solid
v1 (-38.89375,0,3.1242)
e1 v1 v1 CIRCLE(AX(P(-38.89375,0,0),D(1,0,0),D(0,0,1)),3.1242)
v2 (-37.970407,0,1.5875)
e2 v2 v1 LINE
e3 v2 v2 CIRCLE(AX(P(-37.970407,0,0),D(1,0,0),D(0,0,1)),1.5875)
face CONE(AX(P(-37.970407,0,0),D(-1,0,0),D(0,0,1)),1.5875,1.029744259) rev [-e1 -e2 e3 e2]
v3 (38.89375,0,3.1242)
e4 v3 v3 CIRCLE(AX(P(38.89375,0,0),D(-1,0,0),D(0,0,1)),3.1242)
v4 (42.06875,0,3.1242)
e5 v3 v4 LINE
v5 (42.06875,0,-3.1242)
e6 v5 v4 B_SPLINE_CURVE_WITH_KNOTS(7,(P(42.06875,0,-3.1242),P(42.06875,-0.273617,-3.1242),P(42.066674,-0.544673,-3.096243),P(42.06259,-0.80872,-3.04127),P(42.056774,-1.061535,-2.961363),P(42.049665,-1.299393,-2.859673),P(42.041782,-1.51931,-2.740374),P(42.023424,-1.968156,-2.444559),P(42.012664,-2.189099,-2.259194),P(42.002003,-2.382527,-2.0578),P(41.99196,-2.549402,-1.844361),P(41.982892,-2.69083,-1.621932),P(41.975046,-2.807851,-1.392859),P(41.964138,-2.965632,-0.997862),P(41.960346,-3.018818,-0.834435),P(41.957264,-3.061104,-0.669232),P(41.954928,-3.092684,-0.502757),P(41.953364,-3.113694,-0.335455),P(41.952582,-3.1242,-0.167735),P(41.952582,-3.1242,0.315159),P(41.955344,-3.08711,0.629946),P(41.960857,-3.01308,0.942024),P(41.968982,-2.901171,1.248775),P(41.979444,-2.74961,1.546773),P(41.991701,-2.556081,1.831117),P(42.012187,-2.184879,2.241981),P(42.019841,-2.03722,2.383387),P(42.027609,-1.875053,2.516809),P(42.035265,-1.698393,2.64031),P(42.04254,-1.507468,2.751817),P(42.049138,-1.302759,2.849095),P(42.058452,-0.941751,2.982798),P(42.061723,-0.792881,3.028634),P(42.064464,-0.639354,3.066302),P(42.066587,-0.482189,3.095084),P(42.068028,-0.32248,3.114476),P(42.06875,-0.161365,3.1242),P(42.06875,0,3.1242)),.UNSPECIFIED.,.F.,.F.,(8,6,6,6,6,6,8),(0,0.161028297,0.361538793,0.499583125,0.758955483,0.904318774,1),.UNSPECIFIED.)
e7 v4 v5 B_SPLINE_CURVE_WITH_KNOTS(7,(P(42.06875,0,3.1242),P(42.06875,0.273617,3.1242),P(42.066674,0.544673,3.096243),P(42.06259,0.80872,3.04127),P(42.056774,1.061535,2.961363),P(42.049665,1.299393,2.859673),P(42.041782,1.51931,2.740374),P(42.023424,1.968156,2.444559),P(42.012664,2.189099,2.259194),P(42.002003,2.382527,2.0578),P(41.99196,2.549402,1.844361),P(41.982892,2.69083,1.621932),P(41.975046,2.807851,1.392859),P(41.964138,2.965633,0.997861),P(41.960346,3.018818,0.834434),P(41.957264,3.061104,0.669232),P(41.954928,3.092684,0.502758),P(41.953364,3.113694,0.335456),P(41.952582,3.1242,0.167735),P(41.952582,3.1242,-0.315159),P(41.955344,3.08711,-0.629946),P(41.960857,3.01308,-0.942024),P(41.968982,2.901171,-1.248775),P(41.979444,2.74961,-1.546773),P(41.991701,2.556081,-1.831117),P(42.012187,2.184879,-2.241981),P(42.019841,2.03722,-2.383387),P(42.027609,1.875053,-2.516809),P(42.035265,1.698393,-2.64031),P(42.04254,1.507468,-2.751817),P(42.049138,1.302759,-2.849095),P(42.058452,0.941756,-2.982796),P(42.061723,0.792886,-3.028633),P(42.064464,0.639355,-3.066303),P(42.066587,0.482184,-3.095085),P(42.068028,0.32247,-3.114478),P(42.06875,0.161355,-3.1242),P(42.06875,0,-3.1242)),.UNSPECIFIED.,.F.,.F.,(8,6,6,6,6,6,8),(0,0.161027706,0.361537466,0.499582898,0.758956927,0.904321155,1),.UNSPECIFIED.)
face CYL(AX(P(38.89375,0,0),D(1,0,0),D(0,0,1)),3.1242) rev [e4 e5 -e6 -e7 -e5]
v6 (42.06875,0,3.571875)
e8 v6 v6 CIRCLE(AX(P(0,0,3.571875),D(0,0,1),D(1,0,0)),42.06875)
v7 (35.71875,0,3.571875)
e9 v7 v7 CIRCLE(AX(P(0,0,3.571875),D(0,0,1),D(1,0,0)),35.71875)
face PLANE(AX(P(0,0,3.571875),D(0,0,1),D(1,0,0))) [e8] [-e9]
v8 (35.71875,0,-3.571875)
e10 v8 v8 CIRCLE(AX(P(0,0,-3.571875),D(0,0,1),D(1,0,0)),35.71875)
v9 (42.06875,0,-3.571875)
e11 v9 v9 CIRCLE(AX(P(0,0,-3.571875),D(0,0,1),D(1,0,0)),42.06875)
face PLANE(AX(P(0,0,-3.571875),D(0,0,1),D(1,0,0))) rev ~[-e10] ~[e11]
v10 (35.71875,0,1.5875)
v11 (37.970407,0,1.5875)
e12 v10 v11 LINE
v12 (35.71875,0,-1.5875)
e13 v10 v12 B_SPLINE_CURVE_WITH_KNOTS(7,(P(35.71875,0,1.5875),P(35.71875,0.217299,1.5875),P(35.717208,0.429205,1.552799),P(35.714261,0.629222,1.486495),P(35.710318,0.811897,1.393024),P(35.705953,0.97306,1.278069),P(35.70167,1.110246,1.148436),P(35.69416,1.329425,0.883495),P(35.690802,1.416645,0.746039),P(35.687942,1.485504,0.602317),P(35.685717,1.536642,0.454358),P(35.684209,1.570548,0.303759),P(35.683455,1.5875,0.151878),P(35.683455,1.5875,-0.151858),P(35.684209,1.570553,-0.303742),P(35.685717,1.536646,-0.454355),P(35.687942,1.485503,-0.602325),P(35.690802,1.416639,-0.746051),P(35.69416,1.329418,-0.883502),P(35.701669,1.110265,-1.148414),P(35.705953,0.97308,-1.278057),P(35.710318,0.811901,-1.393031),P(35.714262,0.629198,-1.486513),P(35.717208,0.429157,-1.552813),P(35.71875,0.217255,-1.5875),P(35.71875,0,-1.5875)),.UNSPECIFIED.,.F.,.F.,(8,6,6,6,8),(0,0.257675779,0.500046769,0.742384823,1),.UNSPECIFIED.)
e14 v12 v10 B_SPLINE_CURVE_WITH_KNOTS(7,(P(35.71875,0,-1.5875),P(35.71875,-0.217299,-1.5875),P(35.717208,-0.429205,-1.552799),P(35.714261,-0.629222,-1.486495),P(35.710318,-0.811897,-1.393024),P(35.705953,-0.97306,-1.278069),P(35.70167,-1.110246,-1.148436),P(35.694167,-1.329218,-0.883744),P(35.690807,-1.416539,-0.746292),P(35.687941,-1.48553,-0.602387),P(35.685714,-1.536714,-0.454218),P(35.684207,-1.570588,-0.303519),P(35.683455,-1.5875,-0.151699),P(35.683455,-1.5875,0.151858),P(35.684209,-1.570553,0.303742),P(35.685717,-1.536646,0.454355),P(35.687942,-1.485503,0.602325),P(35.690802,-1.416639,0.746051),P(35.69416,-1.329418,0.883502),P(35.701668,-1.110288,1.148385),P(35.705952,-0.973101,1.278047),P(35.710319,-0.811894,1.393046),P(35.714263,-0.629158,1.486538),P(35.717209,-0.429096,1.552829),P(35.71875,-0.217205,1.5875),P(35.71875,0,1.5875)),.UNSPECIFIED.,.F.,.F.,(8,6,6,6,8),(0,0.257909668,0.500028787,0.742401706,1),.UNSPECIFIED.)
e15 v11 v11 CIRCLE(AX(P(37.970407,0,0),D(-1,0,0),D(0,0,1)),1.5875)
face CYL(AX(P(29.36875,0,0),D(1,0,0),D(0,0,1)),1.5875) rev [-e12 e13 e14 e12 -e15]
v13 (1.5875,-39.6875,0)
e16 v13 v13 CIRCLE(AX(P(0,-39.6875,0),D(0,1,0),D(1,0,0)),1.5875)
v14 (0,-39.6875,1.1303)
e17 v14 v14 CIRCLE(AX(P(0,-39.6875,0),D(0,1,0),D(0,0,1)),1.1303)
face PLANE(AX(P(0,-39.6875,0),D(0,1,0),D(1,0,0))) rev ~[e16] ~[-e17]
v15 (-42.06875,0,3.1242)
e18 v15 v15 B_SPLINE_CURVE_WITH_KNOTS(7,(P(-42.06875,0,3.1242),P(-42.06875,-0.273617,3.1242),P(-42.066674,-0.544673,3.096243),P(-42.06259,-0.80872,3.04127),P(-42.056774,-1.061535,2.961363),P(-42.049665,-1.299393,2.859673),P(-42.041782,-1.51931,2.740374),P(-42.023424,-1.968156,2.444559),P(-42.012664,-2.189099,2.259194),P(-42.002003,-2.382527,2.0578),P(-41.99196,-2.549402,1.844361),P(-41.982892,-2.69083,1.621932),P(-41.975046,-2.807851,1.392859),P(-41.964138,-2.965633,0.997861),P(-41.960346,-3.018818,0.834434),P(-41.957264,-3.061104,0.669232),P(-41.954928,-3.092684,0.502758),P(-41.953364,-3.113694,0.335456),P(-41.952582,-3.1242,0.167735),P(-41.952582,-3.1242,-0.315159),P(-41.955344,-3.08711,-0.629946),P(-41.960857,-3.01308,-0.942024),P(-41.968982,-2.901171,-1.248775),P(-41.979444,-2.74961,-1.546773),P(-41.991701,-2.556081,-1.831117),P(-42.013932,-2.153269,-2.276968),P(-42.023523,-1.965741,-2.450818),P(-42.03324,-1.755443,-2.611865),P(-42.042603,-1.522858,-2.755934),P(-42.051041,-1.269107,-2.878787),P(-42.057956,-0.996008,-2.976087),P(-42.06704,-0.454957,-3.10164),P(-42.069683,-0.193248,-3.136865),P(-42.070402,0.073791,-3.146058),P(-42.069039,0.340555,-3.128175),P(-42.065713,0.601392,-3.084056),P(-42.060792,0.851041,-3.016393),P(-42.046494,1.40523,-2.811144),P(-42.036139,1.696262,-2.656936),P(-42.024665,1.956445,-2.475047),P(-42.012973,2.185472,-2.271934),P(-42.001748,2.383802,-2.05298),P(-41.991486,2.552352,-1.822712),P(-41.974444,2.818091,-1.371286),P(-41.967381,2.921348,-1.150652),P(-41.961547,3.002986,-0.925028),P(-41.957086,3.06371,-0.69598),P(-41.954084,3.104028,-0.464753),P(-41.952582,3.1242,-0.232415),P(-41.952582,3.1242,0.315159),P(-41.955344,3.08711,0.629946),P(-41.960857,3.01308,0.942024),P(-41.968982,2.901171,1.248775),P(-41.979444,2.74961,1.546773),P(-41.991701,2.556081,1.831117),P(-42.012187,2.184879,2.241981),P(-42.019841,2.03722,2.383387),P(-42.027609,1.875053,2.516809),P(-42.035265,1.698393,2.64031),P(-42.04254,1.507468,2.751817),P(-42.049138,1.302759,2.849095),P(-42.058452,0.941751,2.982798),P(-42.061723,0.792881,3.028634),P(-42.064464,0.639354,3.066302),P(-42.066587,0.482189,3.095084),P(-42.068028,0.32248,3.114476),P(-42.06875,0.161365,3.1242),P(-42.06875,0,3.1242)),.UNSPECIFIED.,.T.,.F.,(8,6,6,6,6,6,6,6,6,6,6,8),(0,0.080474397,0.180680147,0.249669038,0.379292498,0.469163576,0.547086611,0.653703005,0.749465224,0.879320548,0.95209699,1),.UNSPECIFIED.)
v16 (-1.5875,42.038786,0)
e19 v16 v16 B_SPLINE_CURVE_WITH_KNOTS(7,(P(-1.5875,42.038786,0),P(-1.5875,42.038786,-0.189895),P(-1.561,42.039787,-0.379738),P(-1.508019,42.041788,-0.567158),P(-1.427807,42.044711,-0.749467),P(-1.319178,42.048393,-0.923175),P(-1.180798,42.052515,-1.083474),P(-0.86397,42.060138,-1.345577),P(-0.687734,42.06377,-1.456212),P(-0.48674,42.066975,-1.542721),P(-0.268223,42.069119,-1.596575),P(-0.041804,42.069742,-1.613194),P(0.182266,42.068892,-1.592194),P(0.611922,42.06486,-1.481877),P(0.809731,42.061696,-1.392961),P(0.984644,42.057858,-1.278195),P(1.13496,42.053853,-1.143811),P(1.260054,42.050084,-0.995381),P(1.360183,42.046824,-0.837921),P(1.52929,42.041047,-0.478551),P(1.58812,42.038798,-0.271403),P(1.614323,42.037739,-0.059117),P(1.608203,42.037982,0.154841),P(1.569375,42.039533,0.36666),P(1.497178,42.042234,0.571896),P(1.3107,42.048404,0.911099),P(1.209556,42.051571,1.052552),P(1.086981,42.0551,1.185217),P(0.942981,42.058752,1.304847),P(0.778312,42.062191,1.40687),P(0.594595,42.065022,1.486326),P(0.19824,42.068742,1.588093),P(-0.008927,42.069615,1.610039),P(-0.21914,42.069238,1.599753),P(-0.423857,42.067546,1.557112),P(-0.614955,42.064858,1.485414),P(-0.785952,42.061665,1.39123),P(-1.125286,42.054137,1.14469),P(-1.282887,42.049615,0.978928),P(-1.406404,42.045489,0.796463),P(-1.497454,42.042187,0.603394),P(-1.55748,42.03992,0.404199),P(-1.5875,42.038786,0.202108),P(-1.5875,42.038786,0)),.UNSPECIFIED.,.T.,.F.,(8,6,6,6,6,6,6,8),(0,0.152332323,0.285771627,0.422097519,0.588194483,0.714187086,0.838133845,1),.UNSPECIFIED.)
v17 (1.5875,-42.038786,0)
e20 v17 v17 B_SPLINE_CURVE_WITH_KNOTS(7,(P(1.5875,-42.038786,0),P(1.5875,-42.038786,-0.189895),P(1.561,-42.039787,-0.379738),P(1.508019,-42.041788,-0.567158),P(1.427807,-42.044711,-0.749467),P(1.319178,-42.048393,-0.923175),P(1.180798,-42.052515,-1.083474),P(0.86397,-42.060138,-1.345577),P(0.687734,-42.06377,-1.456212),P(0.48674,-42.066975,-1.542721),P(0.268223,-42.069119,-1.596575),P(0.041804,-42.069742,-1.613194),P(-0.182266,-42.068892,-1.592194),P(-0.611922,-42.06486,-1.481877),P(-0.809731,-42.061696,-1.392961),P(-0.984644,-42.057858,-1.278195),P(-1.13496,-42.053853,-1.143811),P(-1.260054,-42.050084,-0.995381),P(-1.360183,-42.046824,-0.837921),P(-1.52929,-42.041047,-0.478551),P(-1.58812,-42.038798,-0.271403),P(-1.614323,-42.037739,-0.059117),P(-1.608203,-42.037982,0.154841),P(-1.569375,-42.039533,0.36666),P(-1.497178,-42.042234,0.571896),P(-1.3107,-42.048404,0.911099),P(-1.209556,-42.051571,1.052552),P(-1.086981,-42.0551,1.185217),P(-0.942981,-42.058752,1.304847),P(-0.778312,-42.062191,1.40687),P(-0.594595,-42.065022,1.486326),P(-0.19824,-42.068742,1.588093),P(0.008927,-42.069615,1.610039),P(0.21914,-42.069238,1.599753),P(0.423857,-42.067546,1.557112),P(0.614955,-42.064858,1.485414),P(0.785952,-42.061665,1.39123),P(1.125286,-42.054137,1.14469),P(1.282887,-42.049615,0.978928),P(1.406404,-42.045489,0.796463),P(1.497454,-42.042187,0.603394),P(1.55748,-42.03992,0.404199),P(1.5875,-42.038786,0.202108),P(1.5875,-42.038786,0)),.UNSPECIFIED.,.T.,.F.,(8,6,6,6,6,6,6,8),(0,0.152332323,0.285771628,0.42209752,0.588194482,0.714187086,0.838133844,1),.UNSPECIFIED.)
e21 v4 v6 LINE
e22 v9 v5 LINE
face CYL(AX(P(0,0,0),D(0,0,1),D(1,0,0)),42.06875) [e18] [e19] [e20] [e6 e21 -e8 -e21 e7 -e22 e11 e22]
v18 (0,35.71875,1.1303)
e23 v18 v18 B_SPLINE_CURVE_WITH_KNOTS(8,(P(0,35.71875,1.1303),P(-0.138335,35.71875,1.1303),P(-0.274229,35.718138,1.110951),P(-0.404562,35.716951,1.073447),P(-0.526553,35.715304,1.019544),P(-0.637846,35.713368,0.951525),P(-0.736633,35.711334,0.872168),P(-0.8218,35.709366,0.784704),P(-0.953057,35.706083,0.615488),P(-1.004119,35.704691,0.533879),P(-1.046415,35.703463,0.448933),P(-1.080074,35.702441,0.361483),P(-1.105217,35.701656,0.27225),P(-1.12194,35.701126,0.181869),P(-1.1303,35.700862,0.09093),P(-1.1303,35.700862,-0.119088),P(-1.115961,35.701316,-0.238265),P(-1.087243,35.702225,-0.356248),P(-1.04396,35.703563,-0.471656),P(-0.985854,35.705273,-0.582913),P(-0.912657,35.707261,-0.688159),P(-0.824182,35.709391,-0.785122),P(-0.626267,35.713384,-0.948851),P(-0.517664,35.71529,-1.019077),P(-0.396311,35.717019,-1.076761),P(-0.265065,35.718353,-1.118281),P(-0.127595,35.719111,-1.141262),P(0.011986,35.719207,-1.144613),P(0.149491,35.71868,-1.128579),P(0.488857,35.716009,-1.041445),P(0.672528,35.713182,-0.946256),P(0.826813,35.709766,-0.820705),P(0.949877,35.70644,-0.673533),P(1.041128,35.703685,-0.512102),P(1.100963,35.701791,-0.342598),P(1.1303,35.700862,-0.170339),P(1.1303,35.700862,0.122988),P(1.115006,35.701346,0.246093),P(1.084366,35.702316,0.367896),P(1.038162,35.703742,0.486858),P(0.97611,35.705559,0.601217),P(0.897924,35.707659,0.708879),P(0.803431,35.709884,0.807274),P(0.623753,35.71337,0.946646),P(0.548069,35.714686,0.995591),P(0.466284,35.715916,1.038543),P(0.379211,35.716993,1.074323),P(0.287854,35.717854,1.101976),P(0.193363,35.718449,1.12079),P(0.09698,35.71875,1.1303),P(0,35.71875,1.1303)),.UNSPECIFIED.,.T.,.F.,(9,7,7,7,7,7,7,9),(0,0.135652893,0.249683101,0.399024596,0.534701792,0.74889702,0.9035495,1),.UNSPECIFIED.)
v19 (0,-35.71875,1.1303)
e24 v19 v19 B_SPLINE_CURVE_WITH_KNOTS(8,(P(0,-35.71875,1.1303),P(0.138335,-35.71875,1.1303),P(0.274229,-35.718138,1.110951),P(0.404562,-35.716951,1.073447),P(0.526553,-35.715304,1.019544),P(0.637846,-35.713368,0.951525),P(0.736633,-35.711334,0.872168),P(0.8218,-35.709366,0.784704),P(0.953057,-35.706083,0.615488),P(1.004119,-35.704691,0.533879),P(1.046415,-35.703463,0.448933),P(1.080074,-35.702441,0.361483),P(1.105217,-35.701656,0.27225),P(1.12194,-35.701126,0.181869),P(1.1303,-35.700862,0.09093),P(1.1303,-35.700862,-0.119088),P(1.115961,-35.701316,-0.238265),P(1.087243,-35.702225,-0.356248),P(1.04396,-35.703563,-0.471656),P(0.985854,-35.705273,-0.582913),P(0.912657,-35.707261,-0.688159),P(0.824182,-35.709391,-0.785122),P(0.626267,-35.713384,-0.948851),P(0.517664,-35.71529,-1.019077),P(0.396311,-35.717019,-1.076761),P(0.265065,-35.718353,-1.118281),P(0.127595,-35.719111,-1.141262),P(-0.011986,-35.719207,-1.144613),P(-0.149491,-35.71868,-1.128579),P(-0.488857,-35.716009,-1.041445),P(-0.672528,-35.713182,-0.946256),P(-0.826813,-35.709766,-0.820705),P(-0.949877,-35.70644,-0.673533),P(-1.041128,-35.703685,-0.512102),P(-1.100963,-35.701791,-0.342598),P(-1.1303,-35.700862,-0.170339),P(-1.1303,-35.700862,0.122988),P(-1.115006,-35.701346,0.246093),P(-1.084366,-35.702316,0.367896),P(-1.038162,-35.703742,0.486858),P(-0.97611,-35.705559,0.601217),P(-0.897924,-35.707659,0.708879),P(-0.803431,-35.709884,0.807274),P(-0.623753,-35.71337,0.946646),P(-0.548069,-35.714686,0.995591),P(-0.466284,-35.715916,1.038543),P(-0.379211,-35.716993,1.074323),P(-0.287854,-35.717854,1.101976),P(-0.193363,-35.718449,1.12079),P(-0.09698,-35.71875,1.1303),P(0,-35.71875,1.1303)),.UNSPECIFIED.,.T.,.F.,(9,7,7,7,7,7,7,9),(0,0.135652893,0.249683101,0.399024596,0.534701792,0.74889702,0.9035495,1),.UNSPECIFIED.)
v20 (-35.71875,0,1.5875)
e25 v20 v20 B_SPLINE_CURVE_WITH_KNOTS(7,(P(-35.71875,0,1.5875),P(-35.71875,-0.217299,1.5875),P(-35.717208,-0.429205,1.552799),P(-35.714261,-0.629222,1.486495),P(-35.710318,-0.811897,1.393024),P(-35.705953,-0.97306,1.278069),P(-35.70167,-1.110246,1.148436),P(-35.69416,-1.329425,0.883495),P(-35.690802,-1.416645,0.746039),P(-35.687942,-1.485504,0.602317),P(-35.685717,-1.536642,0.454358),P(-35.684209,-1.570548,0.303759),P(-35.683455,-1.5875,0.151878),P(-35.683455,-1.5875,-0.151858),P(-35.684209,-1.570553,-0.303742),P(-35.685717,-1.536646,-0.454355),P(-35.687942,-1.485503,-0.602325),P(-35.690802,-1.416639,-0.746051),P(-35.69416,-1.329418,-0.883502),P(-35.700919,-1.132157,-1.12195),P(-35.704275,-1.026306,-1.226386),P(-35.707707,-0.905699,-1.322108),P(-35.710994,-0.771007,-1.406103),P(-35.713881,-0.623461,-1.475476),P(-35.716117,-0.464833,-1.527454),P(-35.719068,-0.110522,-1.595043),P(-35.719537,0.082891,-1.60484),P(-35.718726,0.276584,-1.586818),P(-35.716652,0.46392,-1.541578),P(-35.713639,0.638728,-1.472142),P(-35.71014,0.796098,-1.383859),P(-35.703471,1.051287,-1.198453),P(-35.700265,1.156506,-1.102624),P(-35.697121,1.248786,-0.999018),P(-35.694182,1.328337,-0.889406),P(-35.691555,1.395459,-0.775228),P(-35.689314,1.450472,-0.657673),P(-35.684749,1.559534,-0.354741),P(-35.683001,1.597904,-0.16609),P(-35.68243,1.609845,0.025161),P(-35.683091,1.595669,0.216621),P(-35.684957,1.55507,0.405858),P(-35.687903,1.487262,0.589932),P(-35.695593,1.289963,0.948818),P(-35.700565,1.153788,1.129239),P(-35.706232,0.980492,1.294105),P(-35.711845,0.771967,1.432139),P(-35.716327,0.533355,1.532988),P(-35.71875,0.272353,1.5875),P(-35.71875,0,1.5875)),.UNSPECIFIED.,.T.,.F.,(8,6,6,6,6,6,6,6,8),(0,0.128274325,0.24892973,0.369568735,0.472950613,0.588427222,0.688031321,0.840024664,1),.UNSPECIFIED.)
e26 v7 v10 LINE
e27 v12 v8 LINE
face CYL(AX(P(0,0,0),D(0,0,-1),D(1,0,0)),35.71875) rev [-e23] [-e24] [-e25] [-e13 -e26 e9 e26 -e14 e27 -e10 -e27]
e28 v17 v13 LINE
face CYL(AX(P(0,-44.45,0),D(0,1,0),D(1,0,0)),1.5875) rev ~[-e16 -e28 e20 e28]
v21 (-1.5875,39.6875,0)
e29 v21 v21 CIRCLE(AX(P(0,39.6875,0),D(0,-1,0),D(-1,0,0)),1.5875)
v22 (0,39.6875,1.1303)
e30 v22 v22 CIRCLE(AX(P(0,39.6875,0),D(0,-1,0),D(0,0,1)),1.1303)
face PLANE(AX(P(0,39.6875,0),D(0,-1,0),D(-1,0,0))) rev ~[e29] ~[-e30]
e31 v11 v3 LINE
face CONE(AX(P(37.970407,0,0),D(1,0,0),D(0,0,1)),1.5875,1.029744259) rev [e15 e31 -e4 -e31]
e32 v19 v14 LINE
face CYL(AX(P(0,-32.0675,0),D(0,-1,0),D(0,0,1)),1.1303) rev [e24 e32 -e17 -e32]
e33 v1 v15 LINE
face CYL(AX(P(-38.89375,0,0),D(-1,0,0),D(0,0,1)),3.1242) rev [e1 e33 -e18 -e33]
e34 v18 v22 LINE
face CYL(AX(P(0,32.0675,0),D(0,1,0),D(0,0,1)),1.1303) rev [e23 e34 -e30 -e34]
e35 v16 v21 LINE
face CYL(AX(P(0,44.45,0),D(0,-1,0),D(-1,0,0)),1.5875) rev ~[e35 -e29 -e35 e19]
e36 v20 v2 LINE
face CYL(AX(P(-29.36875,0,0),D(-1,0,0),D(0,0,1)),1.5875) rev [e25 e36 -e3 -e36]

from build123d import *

# Parameters (mm, degrees)
SKETCH1_R           = 42.06875
SKETCH1_R_2         = 35.71875
BOSS_EXTRUDE1_DEPTH = 3.571875
HOLE1_D             = 3.175
HOLE1_DEPTH         = 2.38125
CIRPATTERN1_COUNT   = 2


with BuildPart() as part:
    # Sketch1 → Boss-Extrude1 (new body, symmetric)
    with BuildSketch(Plane.XY):
        Circle(SKETCH1_R)
        Circle(SKETCH1_R_2, mode=Mode.SUBTRACT)
    extrude(amount=BOSS_EXTRUDE1_DEPTH, both=True)

    # Hole1
    with Locations(Plane(origin=(0, 42.06875, 0), x_dir=(1, 0, 0), z_dir=(0, 1, 0))):
        with Locations((0, 0)):
            hole1 = Hole(HOLE1_D / 2, depth=HOLE1_DEPTH)

    # Sketch7 → #4-40 Tapped Hole1 (revolve, cut)
    with BuildSketch(Plane(origin=(0, 39.6875, 0), x_dir=(0, 0, 1), z_dir=(1, 0, 0))):
        Polygon((0, 0), (0, 8.299152758), (1.1303, 7.62), (1.1303, 0), align=None)
    f_4_40_tapped_hole1 = revolve(axis=Axis((0, 46.0375, 0), (0, -1, 0)), mode=Mode.SUBTRACT)

    # Sketch8 → Hole2 (revolve, cut)
    with BuildSketch(Plane(origin=(-42.06875, 0, 0), x_dir=(0, 0, 1), z_dir=(0, 1, 0))):
        Polygon((0, 0), (0, 12.7), (1.5875, 12.7), (1.5875, 4.098342513), (3.1242, 3.175), (3.1242, 0), align=None)
    hole2 = revolve(axis=Axis((-48.198773899, 0, 0), (1, 0, 0)), mode=Mode.SUBTRACT)

    # CirPattern1: Hole1, #4-40 Tapped Hole1, Hole2 ×2 about axis
    cirpattern1_axis = Axis((0, 0, 3.571875), (0, 0, -1))
    for i in range(1, CIRPATTERN1_COUNT):
        add(hole1.rotate(cirpattern1_axis, i * 360 / CIRPATTERN1_COUNT), mode=Mode.SUBTRACT)
        add(f_4_40_tapped_hole1.rotate(cirpattern1_axis, i * 360 / CIRPATTERN1_COUNT), mode=Mode.SUBTRACT)
        add(hole2.rotate(cirpattern1_axis, i * 360 / CIRPATTERN1_COUNT), mode=Mode.SUBTRACT)


solid = part.part
